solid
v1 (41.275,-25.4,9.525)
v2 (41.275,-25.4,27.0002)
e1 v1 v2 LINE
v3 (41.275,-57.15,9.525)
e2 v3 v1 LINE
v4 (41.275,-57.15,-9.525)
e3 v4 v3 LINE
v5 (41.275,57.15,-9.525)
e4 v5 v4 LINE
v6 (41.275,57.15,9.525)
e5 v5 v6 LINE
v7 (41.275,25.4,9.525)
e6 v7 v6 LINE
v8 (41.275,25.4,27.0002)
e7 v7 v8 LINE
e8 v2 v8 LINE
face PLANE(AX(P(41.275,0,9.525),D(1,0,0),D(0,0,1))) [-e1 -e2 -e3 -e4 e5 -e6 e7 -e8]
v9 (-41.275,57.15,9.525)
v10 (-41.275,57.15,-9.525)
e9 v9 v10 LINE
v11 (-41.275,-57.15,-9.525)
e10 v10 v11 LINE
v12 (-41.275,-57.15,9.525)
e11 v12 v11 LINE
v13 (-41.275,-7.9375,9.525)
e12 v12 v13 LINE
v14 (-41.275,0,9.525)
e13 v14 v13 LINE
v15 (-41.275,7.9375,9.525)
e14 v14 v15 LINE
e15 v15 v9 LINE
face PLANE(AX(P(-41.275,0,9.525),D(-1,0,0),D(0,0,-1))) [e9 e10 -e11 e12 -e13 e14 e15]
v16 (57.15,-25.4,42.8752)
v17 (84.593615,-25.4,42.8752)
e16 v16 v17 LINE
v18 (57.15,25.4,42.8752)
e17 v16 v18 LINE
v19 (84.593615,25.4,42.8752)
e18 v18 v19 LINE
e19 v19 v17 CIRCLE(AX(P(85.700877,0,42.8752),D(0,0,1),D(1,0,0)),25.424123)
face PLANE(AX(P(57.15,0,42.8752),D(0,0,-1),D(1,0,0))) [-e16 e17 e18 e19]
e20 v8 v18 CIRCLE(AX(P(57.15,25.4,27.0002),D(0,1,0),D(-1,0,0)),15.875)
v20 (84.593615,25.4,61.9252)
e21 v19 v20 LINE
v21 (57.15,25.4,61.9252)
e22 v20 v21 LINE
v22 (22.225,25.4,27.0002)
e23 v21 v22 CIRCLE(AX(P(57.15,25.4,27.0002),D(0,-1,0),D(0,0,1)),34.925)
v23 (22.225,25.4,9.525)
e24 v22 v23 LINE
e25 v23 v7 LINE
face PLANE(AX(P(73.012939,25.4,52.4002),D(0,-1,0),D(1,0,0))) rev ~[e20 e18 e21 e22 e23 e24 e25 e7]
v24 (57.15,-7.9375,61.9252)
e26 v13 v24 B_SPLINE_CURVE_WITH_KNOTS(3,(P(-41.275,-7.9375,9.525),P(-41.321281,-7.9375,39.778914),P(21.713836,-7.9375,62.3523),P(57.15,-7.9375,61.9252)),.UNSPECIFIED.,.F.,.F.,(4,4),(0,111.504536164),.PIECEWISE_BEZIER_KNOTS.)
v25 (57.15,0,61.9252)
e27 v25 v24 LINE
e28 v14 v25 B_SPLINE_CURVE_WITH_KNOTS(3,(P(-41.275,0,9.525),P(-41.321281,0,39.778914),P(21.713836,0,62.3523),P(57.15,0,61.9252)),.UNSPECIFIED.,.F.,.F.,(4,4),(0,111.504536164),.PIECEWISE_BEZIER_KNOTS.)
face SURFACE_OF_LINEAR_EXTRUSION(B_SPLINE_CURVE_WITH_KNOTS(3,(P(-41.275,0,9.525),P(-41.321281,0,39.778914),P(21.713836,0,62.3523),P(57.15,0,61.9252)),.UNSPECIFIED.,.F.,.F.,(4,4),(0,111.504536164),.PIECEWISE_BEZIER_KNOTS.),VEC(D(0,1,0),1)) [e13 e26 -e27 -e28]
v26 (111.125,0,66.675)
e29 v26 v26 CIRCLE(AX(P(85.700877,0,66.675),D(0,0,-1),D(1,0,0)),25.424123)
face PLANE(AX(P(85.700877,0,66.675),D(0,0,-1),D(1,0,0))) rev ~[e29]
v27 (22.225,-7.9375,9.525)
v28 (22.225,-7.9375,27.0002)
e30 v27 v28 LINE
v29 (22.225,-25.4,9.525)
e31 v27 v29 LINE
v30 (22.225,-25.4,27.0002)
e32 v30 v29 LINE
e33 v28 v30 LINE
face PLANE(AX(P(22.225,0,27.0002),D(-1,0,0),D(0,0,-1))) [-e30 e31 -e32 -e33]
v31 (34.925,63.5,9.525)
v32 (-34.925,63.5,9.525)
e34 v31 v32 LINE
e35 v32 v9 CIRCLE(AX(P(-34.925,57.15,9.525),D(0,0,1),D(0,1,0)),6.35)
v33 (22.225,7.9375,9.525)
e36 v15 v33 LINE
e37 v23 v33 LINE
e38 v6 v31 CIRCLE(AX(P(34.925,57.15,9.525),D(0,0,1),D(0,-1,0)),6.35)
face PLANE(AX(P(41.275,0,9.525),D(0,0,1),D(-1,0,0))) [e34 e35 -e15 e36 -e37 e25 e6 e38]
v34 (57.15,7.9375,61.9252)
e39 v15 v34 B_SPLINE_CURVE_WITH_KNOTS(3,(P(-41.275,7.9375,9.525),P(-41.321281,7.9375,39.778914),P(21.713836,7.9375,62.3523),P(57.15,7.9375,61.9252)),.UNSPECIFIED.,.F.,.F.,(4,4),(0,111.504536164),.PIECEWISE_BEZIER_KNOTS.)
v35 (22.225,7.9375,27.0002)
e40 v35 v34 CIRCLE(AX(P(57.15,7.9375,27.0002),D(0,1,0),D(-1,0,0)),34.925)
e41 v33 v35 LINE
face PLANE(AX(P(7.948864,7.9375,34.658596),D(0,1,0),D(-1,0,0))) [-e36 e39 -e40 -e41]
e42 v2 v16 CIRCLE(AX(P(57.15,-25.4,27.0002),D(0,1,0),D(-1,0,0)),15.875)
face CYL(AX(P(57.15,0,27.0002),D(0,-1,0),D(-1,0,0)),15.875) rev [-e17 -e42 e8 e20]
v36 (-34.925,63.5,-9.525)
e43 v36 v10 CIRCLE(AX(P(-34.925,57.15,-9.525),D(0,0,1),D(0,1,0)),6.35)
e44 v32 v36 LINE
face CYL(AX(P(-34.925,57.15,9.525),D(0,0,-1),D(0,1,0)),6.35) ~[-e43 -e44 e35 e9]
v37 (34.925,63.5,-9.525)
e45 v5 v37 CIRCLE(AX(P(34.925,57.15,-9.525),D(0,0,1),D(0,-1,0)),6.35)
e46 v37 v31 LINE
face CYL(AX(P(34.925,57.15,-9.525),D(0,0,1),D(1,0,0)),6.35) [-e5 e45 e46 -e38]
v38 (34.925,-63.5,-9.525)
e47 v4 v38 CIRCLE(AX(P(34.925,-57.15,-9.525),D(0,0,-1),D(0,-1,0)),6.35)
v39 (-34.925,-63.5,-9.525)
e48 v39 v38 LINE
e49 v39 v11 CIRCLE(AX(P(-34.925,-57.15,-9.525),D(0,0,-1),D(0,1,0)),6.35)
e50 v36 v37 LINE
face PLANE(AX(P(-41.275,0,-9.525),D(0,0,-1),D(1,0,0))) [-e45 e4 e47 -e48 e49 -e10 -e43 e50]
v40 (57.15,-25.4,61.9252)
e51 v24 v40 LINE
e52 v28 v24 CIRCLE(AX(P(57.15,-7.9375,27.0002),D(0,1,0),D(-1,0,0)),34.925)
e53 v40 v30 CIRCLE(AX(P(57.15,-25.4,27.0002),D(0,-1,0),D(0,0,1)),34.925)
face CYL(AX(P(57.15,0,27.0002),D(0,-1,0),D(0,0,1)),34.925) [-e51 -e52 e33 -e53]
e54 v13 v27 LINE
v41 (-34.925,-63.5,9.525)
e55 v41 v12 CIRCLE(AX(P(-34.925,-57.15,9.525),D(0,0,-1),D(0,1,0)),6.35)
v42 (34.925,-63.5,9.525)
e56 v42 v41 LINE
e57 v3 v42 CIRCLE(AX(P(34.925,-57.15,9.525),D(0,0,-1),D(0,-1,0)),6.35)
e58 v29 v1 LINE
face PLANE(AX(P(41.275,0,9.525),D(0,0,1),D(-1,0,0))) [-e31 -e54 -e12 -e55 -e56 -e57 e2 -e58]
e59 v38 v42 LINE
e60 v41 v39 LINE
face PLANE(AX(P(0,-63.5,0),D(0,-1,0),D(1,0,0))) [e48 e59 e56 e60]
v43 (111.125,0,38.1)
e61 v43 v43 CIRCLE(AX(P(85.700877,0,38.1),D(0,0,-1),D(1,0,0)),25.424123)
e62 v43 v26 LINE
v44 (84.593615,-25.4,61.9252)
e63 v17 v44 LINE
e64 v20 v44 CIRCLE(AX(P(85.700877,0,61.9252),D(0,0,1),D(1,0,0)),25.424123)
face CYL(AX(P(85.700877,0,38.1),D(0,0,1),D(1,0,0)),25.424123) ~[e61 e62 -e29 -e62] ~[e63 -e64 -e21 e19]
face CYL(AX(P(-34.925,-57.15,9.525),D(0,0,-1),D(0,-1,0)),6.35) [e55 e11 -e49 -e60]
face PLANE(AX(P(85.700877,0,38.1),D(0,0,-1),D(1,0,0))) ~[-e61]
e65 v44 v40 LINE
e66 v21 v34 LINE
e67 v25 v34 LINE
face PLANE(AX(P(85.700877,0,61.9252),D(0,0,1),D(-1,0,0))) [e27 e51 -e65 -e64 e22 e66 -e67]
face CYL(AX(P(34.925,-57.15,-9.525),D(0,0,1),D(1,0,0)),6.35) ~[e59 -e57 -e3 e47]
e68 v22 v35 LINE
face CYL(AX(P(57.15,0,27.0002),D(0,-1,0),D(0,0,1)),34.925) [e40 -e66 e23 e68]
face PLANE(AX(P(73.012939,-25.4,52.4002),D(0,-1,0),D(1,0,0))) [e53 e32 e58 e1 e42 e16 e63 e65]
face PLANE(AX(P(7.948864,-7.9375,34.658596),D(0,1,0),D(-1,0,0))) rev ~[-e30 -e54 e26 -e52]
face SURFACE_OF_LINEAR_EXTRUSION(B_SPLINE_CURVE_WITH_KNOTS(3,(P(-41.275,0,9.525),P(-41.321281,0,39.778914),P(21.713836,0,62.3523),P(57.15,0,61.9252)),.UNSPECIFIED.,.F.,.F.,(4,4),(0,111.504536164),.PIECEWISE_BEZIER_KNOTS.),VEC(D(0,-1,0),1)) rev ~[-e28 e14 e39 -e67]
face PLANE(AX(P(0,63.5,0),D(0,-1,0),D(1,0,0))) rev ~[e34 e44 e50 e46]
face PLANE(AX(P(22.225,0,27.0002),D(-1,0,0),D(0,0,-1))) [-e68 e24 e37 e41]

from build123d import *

# Parameters (mm, degrees)
F1_DEPTH = 63.5
F2_DEPTH = 7.9375
F0_W     = 25.3758770108
F0_H     = 19.05
F3_DEPTH = 25.4
F5_R     = 6.35


with BuildPart() as f1:
    # F0 (on Front) → F1 (new body, symmetric)
    with BuildSketch(Plane.XZ):
        Polygon((-41.275, 9.525), (-41.275, -9.525), (41.275, -9.525), (41.275, 9.525), (22.225, 9.525), align=None)
    extrude(amount=F1_DEPTH, both=True)

    # F0 (on Front) → F2 (join, symmetric)
    with BuildSketch(Plane.XZ):
        with BuildLine():
            add(Edge.make_bspline(
                [(-41.275, 9.525), (-41.3212813437, 39.7789143026), (21.7138361186, 62.3522996902), (57.15, 61.9252)],
                knots=[0, 0, 0, 0, 111.5045361635, 111.5045361635, 111.5045361635, 111.5045361635], degree=3))
            Line((-41.275, 9.525), (22.225, 9.525))
            Line((22.225, 9.525), (22.225, 27.0002))
            ThreePointArc((22.225, 27.0002), (32.4542956671, 51.6959043329), (57.15, 61.9252))
        make_face()
    extrude(amount=F2_DEPTH, both=True)

    # F0 (on Front) → F3 (join, symmetric)
    with BuildSketch(Plane.XZ):
        with Locations((73.0129385054, 52.4002)):
            Rectangle(F0_W, F0_H)
        with BuildLine():
            Line((22.225, 9.525), (41.275, 9.525))
            Line((41.275, 9.525), (41.275, 27.0002))
            ThreePointArc((41.275, 27.0002), (45.9246798487, 38.2255201513), (57.15, 42.8752))
            Line((57.15, 42.8752), (60.325, 42.8752))
            Line((60.325, 42.8752), (60.325, 61.9252))
            Line((60.325, 61.9252), (57.15, 61.9252))
            ThreePointArc((57.15, 61.9252), (32.4542956671, 51.6959043329), (22.225, 27.0002))
            Line((22.225, 27.0002), (22.225, 9.525))
        make_face()
    extrude(amount=F3_DEPTH, both=True)

    # F0 (on Front) → F4 (revolve)
    with BuildSketch(Plane.XZ):
        Polygon((85.7008770108, 66.675), (85.7008770108, 61.9252), (85.7008770108, 42.8752), (85.7008770108, 38.1), (111.125, 38.1), (111.125, 66.675), align=None)
    revolve(axis=Axis((85.7008770108, 0, 52.3875), (0, 0, -1)))

    # F5
    f5_edges = [f1.edges().sort_by_distance(p)[0] for p in [
        (41.275, -63.5, 0),
        (-41.275, -63.5, 0),
        (41.275, 63.5, 0),
        (-41.275, 63.5, 0),
    ]]
    fillet(f5_edges, radius=F5_R)


solid = f1.part
